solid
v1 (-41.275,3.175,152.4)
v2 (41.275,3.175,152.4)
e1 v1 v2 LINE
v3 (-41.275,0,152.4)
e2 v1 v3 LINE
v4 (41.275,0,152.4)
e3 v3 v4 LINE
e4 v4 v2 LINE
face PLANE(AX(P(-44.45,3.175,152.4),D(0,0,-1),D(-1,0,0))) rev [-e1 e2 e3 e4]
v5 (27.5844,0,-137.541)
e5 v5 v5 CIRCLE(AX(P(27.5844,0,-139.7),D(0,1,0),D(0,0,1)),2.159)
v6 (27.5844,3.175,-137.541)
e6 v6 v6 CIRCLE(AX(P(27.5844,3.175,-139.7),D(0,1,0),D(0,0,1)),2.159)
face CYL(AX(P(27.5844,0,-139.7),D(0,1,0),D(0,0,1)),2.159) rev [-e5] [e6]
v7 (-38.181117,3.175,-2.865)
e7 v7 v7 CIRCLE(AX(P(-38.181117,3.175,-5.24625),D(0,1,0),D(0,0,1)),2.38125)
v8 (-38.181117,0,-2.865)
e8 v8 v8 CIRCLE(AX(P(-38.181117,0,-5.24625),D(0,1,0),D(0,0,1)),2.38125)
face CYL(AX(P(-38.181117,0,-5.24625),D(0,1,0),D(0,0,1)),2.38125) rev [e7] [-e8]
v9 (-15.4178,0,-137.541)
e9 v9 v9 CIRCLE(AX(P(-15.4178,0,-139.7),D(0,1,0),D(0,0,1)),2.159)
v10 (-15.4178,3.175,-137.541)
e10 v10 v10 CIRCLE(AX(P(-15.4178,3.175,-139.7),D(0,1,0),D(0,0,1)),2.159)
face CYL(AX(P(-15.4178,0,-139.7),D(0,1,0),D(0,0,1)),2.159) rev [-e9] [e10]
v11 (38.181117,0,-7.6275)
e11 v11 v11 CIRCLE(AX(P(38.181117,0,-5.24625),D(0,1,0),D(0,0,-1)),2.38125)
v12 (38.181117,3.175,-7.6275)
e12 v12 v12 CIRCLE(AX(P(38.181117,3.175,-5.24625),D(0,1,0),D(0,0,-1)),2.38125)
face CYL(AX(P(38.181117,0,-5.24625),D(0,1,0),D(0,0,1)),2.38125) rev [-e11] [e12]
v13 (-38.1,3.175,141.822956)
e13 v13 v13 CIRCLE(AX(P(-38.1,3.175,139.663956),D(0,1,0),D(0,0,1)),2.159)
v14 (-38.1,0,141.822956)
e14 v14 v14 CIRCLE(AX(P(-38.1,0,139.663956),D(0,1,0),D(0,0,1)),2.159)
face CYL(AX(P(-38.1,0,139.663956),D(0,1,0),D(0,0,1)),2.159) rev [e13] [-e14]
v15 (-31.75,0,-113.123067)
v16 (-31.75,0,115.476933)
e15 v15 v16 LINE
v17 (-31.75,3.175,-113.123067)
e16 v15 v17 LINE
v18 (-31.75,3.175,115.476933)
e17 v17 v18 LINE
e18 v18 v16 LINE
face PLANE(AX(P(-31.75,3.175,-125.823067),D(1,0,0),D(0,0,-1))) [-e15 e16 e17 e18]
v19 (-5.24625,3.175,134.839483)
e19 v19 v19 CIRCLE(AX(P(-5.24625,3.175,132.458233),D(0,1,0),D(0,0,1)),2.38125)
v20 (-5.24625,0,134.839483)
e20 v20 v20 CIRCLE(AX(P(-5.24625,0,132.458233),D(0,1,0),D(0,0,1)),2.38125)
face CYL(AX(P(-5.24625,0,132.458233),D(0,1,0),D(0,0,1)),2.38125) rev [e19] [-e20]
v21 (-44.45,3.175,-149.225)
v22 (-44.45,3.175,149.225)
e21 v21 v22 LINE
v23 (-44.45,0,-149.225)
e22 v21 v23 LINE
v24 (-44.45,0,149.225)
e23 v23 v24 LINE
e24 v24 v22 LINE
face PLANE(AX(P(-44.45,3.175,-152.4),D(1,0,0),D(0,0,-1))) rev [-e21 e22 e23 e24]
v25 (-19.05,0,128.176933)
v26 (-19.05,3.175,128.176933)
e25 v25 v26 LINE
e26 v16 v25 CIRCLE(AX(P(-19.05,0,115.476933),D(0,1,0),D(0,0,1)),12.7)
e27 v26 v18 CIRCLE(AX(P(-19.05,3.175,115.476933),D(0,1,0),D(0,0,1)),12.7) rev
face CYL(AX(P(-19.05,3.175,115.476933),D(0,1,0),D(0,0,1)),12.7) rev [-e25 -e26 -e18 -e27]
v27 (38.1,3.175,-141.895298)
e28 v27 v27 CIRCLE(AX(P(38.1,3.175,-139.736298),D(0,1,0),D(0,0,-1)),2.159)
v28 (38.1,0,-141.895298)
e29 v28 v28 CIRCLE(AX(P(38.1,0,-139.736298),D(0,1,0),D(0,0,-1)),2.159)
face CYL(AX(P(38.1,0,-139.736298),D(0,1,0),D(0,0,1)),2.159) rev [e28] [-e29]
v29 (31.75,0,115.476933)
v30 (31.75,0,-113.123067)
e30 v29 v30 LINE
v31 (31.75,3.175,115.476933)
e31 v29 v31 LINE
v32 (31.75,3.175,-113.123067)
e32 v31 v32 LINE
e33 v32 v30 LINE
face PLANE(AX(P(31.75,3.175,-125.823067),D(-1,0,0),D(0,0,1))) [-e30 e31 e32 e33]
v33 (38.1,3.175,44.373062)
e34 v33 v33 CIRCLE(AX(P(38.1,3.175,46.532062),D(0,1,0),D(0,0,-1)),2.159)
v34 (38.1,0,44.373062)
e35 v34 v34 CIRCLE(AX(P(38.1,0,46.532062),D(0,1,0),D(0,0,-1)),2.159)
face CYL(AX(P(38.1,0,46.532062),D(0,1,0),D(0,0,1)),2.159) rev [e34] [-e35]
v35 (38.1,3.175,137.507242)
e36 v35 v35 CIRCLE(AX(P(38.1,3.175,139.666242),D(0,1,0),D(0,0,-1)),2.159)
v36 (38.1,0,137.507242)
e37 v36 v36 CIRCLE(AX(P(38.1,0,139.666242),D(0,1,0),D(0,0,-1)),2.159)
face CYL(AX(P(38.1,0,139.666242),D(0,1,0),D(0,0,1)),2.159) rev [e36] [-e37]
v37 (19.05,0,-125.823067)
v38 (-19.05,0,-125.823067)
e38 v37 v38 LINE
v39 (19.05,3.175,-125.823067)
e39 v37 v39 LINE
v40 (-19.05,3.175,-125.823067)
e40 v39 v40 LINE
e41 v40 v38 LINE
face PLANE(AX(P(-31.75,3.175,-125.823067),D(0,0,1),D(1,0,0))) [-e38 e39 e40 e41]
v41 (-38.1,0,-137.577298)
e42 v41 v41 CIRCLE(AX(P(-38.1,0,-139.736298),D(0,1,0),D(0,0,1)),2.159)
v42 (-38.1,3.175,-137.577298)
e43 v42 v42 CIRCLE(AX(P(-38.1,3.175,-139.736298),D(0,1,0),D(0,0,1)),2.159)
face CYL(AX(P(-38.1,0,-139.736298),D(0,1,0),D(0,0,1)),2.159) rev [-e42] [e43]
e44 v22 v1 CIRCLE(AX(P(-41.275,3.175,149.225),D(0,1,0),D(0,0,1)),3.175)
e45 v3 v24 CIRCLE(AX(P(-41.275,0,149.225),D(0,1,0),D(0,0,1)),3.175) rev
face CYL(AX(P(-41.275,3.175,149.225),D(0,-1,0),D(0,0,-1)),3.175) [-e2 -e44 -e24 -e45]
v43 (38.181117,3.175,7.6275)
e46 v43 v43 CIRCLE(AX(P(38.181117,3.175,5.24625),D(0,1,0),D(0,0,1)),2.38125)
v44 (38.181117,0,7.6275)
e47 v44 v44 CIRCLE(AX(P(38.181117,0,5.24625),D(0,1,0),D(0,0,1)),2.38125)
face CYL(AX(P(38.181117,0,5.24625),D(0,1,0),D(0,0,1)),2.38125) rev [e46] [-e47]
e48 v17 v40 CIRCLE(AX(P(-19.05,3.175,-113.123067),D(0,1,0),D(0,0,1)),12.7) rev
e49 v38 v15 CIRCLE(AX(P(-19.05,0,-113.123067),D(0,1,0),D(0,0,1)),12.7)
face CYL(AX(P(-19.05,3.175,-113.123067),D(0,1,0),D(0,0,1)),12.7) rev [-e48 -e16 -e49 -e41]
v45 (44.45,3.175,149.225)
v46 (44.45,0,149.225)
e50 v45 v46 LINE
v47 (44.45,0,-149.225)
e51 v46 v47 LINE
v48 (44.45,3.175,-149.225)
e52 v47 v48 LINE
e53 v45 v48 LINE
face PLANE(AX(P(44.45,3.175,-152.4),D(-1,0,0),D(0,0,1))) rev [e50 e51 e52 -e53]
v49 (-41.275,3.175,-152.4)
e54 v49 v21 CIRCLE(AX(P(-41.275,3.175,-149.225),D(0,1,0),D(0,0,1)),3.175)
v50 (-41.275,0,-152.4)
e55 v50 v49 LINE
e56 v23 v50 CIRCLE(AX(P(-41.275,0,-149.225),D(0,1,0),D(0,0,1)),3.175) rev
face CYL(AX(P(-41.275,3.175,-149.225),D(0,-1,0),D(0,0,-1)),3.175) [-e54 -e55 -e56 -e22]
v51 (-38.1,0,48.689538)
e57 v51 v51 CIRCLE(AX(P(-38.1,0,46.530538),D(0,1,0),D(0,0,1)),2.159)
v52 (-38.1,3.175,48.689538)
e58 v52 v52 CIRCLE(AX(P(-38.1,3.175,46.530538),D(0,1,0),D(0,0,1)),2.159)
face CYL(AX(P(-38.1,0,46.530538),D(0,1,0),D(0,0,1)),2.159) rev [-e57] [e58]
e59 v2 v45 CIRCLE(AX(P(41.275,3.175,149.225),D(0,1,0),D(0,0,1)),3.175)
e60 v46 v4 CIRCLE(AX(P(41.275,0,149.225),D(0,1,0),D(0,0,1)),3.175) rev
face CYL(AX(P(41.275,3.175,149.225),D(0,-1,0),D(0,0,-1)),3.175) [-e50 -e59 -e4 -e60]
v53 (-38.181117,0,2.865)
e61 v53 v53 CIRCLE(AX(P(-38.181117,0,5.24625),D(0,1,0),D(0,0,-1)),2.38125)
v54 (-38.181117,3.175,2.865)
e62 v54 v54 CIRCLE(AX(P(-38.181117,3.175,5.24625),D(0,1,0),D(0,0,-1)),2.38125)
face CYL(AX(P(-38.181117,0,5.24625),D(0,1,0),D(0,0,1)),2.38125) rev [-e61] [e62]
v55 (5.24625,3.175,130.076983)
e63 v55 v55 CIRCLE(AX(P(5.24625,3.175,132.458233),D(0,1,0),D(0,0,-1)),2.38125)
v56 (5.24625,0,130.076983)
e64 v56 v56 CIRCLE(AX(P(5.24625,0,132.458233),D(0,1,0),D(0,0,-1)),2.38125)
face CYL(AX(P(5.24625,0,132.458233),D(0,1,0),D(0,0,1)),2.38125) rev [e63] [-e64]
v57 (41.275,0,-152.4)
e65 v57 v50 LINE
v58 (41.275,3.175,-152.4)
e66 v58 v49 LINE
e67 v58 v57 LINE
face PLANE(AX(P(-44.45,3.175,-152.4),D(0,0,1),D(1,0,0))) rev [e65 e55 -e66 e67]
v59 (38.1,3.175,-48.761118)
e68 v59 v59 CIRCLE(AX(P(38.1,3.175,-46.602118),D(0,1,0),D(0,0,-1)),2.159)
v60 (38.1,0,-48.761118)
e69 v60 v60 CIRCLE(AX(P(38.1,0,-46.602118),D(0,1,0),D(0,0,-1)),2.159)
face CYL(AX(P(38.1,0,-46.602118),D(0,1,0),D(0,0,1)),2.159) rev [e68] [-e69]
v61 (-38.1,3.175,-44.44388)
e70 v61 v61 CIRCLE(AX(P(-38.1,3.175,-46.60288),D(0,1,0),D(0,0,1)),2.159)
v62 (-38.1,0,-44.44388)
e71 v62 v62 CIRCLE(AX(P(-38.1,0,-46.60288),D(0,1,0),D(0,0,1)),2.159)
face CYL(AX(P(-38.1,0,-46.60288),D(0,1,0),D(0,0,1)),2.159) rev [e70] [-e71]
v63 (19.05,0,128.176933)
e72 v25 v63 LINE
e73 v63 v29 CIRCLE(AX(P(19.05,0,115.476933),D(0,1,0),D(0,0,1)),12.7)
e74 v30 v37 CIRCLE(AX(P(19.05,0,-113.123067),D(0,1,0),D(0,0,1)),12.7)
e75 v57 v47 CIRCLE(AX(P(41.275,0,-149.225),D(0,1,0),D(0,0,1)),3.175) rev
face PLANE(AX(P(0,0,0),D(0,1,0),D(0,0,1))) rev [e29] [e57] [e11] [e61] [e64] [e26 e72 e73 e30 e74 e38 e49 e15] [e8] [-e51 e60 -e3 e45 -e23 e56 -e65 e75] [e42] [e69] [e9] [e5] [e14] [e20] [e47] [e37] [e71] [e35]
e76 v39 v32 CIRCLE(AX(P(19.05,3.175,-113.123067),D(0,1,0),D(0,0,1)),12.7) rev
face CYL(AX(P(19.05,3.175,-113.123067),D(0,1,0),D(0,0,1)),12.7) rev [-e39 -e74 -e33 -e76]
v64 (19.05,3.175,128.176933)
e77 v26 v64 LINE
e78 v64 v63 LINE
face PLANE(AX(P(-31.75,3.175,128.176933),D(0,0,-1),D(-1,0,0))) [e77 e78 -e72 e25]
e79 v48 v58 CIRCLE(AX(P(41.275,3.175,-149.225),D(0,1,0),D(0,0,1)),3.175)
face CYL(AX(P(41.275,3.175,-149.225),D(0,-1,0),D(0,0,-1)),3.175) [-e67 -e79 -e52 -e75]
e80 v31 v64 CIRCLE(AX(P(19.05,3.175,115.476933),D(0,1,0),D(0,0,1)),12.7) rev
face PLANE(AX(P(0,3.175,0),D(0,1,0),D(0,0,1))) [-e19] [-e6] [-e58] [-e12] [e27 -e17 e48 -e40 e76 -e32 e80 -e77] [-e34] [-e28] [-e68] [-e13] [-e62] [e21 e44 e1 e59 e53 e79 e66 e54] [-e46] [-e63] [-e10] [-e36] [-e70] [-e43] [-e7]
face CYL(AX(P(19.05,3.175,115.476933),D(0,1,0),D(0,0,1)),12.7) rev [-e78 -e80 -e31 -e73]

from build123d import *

# Parameters (mm, degrees)
SKETCH1_W                             = 88.9
SKETCH1_H                             = 304.8
SKETCH1_W_2                           = 63.5
SKETCH1_H_2                           = 254
BOSS_EXTRUDE1_DEPTH                   = 3.175
SKETCH7_R                             = 2.159
CUT_EXTRUDE2_DEPTH                    = 159.781746826
FILLET1_R                             = 12.7
FILLET3_R                             = 3.175
SKETCH9_R                             = 2.159
CUT_EXTRUDE4_DEPTH                    = 159.781746826
SKETCH10_R                            = 2.38125
SONAR_HOLES_DEPTH                     = 159.781746826
SKETCH11_R                            = 2.38125
SONAR_HOLES_2_ELECTRIC_BOOGALOO_DEPTH = 159.781746826


with BuildPart() as part:
    # Sketch1 → Boss-Extrude1 (new body)
    with BuildSketch(Plane(origin=(0, 0, 0), x_dir=(1, 0, 0), z_dir=(0, 1, 0))):
        Rectangle(SKETCH1_W, SKETCH1_H)
        with Locations((0, -1.176932577)):
            Rectangle(SKETCH1_W_2, SKETCH1_H_2, mode=Mode.SUBTRACT)
    extrude(amount=BOSS_EXTRUDE1_DEPTH)

    # Sketch7 → Cut-Extrude2 (cut, through all)
    with BuildSketch(Plane(origin=(0, 3.175, 0), x_dir=(1, 0, 0), z_dir=(0, 1, 0))):
        with Locations(Location((-38.1, 139.736298381, 0), (0, 0, 270))):
            Circle(SKETCH7_R)
        with Locations(Location((38.1, 139.736298381, 0), (0, 0, 90))):
            Circle(SKETCH7_R)
        with Locations(Location((-38.1, 46.602880381, 0), (0, 0, 270))):
            Circle(SKETCH7_R)
        with Locations(Location((-38.1, -46.530537619, 0), (0, 0, 270))):
            Circle(SKETCH7_R)
        with Locations(Location((-38.1, -139.663955619, 0), (0, 0, 270))):
            Circle(SKETCH7_R)
        with Locations(Location((38.1, 46.602118381, 0), (0, 0, 90))):
            Circle(SKETCH7_R)
        with Locations(Location((38.1, -46.532061619, 0), (0, 0, 90))):
            Circle(SKETCH7_R)
        with Locations(Location((38.1, -139.666241619, 0), (0, 0, 90))):
            Circle(SKETCH7_R)
    extrude(amount=-CUT_EXTRUDE2_DEPTH, mode=Mode.SUBTRACT)

    # Fillet1
    fillet1_edges = [part.edges().sort_by_distance(p)[0] for p in [
        (-31.75, 1.5875, -125.823067423),
        (-31.75, 1.5875, 128.176932577),
        (31.75, 1.5875, 128.176932577),
        (31.75, 1.5875, -125.823067423),
    ]]
    fillet(fillet1_edges, radius=FILLET1_R)

    # Fillet3
    fillet3_edges = [part.edges().sort_by_distance(p)[0] for p in [
        (-44.45, 1.5875, -152.4),
        (44.45, 1.5875, -152.4),
        (44.45, 1.5875, 152.4),
        (-44.45, 1.5875, 152.4),
    ]]
    fillet(fillet3_edges, radius=FILLET3_R)

    # Sketch9 → Cut-Extrude4 (cut, through all)
    with BuildSketch(Plane(origin=(0, 3.175, 0), x_dir=(1, 0, 0), z_dir=(0, 1, 0))):
        with Locations(Location((-15.4178, 139.7, 0), (0, 0, 270))):
            Circle(SKETCH9_R)
        with Locations(Location((27.5844, 139.7, 0), (0, 0, 270))):
            Circle(SKETCH9_R)
    extrude(amount=-CUT_EXTRUDE4_DEPTH, mode=Mode.SUBTRACT)

    # Sketch10 → Sonar Holes (cut, through all)
    with BuildSketch(Plane(origin=(0, 3.175, 0), x_dir=(1, 0, 0), z_dir=(0, 1, 0))):
        with Locations(Location((-5.246249985, -132.458232577, 0), (0, 0, 270))):
            Circle(SKETCH10_R)
        with Locations(Location((5.246249985, -132.458232577, 0), (0, 0, 90))):
            Circle(SKETCH10_R)
    extrude(amount=-SONAR_HOLES_DEPTH, mode=Mode.SUBTRACT)

    # Sketch11 → Sonar Holes 2: Electric Boogaloo (cut, through all)
    with BuildSketch(Plane(origin=(0, 3.175, 0), x_dir=(1, 0, 0), z_dir=(0, 1, 0))):
        with Locations(Location((-38.181117115, 5.24625, 0), (0, 0, 270))):
            Circle(SKETCH11_R)
        with Locations(Location((-38.181117115, -5.24625, 0), (0, 0, 90))):
            Circle(SKETCH11_R)
        with Locations(Location((38.181117115, -5.24625, 0), (0, 0, 270))):
            Circle(SKETCH11_R)
        with Locations(Location((38.181117115, 5.24625, 0), (0, 0, 90))):
            Circle(SKETCH11_R)
    extrude(amount=-SONAR_HOLES_2_ELECTRIC_BOOGALOO_DEPTH, mode=Mode.SUBTRACT)


solid = part.part
